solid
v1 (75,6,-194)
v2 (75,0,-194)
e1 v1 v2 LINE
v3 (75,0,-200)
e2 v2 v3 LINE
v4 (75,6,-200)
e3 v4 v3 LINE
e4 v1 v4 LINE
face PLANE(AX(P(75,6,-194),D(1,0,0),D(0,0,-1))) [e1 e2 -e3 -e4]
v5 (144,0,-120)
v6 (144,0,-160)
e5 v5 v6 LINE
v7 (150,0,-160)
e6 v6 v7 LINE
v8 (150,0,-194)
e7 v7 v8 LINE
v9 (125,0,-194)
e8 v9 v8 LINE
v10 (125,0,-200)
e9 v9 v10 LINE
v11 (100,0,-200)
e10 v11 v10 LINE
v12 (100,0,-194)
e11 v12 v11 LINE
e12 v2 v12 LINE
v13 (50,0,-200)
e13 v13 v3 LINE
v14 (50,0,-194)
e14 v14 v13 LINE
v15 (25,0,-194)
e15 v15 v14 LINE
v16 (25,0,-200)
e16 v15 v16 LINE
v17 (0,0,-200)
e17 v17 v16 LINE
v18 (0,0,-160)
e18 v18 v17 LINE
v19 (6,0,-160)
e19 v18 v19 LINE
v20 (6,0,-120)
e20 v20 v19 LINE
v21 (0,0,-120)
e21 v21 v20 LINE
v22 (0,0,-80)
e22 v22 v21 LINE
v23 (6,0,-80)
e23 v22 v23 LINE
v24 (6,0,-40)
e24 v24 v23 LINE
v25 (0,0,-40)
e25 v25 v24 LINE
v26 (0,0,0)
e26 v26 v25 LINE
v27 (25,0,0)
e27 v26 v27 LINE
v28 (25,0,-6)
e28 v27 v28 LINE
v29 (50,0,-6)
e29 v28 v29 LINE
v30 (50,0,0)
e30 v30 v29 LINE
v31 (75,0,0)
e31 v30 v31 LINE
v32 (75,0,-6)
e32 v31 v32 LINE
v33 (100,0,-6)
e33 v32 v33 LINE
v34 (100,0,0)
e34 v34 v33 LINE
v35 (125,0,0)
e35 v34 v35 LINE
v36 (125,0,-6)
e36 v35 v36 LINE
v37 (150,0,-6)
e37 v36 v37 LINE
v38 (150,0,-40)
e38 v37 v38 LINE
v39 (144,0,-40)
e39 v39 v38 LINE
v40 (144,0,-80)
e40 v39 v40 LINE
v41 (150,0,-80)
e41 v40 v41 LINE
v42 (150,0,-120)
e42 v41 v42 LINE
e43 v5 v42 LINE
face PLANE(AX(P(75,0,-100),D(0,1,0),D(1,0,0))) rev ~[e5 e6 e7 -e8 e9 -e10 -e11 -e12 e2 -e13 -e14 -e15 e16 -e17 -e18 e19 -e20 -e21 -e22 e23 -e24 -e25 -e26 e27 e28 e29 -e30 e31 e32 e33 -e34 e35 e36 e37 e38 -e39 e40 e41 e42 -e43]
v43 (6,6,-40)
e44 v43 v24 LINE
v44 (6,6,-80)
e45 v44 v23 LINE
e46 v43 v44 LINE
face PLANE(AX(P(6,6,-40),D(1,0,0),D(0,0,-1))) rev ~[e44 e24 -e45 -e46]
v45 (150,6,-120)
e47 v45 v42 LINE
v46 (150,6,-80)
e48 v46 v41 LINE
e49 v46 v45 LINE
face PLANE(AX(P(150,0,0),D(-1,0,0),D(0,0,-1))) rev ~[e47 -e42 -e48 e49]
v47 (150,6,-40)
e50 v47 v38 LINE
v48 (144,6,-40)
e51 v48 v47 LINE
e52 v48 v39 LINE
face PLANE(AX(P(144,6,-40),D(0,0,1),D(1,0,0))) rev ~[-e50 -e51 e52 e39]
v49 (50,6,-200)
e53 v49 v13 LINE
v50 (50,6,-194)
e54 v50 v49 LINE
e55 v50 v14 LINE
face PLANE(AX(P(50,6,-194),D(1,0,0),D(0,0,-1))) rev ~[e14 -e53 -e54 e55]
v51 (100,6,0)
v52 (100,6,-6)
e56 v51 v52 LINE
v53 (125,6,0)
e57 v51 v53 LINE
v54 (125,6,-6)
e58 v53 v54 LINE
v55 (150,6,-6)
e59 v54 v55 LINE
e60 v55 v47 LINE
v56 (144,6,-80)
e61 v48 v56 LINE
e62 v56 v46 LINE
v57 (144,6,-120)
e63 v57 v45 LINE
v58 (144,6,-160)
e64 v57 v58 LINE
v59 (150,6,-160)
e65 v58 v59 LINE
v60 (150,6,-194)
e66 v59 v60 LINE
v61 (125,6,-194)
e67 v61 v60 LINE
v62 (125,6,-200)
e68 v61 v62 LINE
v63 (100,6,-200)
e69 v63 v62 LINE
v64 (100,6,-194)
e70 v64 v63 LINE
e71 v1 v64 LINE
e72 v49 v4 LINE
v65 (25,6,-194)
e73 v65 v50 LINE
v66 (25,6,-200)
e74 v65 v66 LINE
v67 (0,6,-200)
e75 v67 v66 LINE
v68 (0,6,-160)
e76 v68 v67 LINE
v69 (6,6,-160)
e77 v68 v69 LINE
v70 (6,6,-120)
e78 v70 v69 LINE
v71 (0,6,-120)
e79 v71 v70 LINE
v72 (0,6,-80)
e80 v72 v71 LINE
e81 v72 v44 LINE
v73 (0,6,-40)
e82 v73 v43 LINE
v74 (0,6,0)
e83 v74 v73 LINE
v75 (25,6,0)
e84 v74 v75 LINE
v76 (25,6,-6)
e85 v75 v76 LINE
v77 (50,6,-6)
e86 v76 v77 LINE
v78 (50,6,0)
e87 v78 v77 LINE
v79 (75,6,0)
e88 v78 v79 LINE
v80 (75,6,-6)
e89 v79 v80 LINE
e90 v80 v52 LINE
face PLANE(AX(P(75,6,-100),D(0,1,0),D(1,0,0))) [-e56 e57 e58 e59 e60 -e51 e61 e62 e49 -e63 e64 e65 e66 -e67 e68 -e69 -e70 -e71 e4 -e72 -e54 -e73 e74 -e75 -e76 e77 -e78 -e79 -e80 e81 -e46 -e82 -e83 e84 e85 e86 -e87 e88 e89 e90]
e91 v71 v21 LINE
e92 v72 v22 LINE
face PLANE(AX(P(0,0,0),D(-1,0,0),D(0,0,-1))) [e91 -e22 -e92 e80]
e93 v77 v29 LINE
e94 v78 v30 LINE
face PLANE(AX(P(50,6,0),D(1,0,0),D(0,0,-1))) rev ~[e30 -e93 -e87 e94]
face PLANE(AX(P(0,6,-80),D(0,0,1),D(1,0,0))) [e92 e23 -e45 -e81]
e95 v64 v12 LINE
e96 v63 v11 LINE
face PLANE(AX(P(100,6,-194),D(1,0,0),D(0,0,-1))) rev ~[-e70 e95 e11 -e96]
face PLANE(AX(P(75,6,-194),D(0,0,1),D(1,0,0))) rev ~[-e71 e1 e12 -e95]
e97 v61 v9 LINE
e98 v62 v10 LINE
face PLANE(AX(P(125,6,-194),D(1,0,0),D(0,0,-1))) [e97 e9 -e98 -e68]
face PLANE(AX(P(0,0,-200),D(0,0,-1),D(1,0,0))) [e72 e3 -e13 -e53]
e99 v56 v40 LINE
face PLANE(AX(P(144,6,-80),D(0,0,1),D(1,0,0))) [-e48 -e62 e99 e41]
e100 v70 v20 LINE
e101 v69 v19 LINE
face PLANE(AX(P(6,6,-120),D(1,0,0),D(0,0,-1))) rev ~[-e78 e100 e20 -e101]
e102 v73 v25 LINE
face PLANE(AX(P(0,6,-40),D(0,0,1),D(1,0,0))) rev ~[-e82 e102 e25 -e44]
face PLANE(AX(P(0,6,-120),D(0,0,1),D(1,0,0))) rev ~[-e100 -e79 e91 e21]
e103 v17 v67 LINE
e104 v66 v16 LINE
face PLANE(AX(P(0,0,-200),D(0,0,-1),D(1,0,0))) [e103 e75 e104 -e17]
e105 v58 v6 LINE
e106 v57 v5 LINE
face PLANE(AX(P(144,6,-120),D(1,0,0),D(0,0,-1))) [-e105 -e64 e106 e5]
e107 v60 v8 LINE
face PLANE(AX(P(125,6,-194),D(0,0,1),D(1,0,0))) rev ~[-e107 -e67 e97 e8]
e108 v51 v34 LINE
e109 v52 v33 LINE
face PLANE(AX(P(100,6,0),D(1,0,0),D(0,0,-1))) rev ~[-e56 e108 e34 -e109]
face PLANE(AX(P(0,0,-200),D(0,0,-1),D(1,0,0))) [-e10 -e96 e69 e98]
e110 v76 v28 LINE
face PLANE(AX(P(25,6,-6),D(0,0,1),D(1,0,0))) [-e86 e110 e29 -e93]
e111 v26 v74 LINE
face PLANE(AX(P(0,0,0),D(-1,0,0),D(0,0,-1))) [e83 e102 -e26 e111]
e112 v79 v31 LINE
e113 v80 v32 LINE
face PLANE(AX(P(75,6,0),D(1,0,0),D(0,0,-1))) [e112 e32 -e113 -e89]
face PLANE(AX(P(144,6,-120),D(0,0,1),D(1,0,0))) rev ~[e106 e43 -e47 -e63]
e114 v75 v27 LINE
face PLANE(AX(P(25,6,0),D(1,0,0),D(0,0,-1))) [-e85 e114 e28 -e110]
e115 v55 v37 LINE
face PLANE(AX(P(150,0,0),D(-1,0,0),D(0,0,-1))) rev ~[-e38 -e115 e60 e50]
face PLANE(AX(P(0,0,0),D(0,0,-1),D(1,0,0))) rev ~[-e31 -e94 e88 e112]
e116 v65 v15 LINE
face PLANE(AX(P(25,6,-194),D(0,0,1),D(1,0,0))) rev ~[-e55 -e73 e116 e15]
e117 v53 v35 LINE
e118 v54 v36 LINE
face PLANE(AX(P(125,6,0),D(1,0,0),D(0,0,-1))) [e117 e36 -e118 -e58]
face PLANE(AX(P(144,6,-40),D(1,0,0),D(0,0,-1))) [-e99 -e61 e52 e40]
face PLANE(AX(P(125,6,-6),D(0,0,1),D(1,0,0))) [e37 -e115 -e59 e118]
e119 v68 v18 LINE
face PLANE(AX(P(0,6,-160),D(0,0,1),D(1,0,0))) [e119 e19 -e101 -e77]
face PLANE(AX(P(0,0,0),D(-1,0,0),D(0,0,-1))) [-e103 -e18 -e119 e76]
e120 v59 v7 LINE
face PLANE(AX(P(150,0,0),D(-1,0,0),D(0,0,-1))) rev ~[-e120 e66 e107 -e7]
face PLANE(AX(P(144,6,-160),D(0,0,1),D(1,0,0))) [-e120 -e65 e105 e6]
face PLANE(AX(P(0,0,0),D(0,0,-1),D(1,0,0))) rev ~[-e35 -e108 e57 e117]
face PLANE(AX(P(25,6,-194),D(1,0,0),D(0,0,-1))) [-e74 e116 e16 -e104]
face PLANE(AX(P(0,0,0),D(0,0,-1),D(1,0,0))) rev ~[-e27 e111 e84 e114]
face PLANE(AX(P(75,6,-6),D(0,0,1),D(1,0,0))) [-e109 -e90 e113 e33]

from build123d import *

# Parameters (mm, degrees)
SKETCH1_W           = 150
SKETCH1_H           = 200
BOSS_EXTRUDE1_DEPTH = 6
SKETCH2_W           = 25
SKETCH2_H           = 6
SKETCH2_W_2         = 6
SKETCH2_H_2         = 40
CUT_EXTRUDE1_DEPTH  = 6


with BuildPart() as part:
    # Sketch1 → Boss-Extrude1 (new body)
    with BuildSketch(Plane(origin=(0, 0, 0), x_dir=(1, 0, 0), z_dir=(0, 1, 0))):
        with Locations((75, 100)):
            Rectangle(SKETCH1_W, SKETCH1_H)
    extrude(amount=BOSS_EXTRUDE1_DEPTH)

    # Sketch2 → Cut-Extrude1 (cut)
    with BuildSketch(Plane(origin=(0, 6, 0), x_dir=(1, 0, 0), z_dir=(0, 1, 0))):
        with Locations((37.5, 3)):
            Rectangle(SKETCH2_W, SKETCH2_H)
        with Locations((87.5, 3)):
            Rectangle(SKETCH2_W, SKETCH2_H)
        with Locations((137.5, 3)):
            Rectangle(SKETCH2_W, SKETCH2_H)
        with Locations((37.5, 197)):
            Rectangle(SKETCH2_W, SKETCH2_H)
        with Locations((87.5, 197)):
            Rectangle(SKETCH2_W, SKETCH2_H)
        with Locations((137.5, 197)):
            Rectangle(SKETCH2_W, SKETCH2_H)
        with Locations((3, 140)):
            Rectangle(SKETCH2_W_2, SKETCH2_H_2)
        with Locations((147, 140)):
            Rectangle(SKETCH2_W_2, SKETCH2_H_2)
        with Locations((147, 60)):
            Rectangle(SKETCH2_W_2, SKETCH2_H_2)
        with Locations((3, 60)):
            Rectangle(SKETCH2_W_2, SKETCH2_H_2)
    extrude(amount=-CUT_EXTRUDE1_DEPTH, mode=Mode.SUBTRACT)


solid = part.part
